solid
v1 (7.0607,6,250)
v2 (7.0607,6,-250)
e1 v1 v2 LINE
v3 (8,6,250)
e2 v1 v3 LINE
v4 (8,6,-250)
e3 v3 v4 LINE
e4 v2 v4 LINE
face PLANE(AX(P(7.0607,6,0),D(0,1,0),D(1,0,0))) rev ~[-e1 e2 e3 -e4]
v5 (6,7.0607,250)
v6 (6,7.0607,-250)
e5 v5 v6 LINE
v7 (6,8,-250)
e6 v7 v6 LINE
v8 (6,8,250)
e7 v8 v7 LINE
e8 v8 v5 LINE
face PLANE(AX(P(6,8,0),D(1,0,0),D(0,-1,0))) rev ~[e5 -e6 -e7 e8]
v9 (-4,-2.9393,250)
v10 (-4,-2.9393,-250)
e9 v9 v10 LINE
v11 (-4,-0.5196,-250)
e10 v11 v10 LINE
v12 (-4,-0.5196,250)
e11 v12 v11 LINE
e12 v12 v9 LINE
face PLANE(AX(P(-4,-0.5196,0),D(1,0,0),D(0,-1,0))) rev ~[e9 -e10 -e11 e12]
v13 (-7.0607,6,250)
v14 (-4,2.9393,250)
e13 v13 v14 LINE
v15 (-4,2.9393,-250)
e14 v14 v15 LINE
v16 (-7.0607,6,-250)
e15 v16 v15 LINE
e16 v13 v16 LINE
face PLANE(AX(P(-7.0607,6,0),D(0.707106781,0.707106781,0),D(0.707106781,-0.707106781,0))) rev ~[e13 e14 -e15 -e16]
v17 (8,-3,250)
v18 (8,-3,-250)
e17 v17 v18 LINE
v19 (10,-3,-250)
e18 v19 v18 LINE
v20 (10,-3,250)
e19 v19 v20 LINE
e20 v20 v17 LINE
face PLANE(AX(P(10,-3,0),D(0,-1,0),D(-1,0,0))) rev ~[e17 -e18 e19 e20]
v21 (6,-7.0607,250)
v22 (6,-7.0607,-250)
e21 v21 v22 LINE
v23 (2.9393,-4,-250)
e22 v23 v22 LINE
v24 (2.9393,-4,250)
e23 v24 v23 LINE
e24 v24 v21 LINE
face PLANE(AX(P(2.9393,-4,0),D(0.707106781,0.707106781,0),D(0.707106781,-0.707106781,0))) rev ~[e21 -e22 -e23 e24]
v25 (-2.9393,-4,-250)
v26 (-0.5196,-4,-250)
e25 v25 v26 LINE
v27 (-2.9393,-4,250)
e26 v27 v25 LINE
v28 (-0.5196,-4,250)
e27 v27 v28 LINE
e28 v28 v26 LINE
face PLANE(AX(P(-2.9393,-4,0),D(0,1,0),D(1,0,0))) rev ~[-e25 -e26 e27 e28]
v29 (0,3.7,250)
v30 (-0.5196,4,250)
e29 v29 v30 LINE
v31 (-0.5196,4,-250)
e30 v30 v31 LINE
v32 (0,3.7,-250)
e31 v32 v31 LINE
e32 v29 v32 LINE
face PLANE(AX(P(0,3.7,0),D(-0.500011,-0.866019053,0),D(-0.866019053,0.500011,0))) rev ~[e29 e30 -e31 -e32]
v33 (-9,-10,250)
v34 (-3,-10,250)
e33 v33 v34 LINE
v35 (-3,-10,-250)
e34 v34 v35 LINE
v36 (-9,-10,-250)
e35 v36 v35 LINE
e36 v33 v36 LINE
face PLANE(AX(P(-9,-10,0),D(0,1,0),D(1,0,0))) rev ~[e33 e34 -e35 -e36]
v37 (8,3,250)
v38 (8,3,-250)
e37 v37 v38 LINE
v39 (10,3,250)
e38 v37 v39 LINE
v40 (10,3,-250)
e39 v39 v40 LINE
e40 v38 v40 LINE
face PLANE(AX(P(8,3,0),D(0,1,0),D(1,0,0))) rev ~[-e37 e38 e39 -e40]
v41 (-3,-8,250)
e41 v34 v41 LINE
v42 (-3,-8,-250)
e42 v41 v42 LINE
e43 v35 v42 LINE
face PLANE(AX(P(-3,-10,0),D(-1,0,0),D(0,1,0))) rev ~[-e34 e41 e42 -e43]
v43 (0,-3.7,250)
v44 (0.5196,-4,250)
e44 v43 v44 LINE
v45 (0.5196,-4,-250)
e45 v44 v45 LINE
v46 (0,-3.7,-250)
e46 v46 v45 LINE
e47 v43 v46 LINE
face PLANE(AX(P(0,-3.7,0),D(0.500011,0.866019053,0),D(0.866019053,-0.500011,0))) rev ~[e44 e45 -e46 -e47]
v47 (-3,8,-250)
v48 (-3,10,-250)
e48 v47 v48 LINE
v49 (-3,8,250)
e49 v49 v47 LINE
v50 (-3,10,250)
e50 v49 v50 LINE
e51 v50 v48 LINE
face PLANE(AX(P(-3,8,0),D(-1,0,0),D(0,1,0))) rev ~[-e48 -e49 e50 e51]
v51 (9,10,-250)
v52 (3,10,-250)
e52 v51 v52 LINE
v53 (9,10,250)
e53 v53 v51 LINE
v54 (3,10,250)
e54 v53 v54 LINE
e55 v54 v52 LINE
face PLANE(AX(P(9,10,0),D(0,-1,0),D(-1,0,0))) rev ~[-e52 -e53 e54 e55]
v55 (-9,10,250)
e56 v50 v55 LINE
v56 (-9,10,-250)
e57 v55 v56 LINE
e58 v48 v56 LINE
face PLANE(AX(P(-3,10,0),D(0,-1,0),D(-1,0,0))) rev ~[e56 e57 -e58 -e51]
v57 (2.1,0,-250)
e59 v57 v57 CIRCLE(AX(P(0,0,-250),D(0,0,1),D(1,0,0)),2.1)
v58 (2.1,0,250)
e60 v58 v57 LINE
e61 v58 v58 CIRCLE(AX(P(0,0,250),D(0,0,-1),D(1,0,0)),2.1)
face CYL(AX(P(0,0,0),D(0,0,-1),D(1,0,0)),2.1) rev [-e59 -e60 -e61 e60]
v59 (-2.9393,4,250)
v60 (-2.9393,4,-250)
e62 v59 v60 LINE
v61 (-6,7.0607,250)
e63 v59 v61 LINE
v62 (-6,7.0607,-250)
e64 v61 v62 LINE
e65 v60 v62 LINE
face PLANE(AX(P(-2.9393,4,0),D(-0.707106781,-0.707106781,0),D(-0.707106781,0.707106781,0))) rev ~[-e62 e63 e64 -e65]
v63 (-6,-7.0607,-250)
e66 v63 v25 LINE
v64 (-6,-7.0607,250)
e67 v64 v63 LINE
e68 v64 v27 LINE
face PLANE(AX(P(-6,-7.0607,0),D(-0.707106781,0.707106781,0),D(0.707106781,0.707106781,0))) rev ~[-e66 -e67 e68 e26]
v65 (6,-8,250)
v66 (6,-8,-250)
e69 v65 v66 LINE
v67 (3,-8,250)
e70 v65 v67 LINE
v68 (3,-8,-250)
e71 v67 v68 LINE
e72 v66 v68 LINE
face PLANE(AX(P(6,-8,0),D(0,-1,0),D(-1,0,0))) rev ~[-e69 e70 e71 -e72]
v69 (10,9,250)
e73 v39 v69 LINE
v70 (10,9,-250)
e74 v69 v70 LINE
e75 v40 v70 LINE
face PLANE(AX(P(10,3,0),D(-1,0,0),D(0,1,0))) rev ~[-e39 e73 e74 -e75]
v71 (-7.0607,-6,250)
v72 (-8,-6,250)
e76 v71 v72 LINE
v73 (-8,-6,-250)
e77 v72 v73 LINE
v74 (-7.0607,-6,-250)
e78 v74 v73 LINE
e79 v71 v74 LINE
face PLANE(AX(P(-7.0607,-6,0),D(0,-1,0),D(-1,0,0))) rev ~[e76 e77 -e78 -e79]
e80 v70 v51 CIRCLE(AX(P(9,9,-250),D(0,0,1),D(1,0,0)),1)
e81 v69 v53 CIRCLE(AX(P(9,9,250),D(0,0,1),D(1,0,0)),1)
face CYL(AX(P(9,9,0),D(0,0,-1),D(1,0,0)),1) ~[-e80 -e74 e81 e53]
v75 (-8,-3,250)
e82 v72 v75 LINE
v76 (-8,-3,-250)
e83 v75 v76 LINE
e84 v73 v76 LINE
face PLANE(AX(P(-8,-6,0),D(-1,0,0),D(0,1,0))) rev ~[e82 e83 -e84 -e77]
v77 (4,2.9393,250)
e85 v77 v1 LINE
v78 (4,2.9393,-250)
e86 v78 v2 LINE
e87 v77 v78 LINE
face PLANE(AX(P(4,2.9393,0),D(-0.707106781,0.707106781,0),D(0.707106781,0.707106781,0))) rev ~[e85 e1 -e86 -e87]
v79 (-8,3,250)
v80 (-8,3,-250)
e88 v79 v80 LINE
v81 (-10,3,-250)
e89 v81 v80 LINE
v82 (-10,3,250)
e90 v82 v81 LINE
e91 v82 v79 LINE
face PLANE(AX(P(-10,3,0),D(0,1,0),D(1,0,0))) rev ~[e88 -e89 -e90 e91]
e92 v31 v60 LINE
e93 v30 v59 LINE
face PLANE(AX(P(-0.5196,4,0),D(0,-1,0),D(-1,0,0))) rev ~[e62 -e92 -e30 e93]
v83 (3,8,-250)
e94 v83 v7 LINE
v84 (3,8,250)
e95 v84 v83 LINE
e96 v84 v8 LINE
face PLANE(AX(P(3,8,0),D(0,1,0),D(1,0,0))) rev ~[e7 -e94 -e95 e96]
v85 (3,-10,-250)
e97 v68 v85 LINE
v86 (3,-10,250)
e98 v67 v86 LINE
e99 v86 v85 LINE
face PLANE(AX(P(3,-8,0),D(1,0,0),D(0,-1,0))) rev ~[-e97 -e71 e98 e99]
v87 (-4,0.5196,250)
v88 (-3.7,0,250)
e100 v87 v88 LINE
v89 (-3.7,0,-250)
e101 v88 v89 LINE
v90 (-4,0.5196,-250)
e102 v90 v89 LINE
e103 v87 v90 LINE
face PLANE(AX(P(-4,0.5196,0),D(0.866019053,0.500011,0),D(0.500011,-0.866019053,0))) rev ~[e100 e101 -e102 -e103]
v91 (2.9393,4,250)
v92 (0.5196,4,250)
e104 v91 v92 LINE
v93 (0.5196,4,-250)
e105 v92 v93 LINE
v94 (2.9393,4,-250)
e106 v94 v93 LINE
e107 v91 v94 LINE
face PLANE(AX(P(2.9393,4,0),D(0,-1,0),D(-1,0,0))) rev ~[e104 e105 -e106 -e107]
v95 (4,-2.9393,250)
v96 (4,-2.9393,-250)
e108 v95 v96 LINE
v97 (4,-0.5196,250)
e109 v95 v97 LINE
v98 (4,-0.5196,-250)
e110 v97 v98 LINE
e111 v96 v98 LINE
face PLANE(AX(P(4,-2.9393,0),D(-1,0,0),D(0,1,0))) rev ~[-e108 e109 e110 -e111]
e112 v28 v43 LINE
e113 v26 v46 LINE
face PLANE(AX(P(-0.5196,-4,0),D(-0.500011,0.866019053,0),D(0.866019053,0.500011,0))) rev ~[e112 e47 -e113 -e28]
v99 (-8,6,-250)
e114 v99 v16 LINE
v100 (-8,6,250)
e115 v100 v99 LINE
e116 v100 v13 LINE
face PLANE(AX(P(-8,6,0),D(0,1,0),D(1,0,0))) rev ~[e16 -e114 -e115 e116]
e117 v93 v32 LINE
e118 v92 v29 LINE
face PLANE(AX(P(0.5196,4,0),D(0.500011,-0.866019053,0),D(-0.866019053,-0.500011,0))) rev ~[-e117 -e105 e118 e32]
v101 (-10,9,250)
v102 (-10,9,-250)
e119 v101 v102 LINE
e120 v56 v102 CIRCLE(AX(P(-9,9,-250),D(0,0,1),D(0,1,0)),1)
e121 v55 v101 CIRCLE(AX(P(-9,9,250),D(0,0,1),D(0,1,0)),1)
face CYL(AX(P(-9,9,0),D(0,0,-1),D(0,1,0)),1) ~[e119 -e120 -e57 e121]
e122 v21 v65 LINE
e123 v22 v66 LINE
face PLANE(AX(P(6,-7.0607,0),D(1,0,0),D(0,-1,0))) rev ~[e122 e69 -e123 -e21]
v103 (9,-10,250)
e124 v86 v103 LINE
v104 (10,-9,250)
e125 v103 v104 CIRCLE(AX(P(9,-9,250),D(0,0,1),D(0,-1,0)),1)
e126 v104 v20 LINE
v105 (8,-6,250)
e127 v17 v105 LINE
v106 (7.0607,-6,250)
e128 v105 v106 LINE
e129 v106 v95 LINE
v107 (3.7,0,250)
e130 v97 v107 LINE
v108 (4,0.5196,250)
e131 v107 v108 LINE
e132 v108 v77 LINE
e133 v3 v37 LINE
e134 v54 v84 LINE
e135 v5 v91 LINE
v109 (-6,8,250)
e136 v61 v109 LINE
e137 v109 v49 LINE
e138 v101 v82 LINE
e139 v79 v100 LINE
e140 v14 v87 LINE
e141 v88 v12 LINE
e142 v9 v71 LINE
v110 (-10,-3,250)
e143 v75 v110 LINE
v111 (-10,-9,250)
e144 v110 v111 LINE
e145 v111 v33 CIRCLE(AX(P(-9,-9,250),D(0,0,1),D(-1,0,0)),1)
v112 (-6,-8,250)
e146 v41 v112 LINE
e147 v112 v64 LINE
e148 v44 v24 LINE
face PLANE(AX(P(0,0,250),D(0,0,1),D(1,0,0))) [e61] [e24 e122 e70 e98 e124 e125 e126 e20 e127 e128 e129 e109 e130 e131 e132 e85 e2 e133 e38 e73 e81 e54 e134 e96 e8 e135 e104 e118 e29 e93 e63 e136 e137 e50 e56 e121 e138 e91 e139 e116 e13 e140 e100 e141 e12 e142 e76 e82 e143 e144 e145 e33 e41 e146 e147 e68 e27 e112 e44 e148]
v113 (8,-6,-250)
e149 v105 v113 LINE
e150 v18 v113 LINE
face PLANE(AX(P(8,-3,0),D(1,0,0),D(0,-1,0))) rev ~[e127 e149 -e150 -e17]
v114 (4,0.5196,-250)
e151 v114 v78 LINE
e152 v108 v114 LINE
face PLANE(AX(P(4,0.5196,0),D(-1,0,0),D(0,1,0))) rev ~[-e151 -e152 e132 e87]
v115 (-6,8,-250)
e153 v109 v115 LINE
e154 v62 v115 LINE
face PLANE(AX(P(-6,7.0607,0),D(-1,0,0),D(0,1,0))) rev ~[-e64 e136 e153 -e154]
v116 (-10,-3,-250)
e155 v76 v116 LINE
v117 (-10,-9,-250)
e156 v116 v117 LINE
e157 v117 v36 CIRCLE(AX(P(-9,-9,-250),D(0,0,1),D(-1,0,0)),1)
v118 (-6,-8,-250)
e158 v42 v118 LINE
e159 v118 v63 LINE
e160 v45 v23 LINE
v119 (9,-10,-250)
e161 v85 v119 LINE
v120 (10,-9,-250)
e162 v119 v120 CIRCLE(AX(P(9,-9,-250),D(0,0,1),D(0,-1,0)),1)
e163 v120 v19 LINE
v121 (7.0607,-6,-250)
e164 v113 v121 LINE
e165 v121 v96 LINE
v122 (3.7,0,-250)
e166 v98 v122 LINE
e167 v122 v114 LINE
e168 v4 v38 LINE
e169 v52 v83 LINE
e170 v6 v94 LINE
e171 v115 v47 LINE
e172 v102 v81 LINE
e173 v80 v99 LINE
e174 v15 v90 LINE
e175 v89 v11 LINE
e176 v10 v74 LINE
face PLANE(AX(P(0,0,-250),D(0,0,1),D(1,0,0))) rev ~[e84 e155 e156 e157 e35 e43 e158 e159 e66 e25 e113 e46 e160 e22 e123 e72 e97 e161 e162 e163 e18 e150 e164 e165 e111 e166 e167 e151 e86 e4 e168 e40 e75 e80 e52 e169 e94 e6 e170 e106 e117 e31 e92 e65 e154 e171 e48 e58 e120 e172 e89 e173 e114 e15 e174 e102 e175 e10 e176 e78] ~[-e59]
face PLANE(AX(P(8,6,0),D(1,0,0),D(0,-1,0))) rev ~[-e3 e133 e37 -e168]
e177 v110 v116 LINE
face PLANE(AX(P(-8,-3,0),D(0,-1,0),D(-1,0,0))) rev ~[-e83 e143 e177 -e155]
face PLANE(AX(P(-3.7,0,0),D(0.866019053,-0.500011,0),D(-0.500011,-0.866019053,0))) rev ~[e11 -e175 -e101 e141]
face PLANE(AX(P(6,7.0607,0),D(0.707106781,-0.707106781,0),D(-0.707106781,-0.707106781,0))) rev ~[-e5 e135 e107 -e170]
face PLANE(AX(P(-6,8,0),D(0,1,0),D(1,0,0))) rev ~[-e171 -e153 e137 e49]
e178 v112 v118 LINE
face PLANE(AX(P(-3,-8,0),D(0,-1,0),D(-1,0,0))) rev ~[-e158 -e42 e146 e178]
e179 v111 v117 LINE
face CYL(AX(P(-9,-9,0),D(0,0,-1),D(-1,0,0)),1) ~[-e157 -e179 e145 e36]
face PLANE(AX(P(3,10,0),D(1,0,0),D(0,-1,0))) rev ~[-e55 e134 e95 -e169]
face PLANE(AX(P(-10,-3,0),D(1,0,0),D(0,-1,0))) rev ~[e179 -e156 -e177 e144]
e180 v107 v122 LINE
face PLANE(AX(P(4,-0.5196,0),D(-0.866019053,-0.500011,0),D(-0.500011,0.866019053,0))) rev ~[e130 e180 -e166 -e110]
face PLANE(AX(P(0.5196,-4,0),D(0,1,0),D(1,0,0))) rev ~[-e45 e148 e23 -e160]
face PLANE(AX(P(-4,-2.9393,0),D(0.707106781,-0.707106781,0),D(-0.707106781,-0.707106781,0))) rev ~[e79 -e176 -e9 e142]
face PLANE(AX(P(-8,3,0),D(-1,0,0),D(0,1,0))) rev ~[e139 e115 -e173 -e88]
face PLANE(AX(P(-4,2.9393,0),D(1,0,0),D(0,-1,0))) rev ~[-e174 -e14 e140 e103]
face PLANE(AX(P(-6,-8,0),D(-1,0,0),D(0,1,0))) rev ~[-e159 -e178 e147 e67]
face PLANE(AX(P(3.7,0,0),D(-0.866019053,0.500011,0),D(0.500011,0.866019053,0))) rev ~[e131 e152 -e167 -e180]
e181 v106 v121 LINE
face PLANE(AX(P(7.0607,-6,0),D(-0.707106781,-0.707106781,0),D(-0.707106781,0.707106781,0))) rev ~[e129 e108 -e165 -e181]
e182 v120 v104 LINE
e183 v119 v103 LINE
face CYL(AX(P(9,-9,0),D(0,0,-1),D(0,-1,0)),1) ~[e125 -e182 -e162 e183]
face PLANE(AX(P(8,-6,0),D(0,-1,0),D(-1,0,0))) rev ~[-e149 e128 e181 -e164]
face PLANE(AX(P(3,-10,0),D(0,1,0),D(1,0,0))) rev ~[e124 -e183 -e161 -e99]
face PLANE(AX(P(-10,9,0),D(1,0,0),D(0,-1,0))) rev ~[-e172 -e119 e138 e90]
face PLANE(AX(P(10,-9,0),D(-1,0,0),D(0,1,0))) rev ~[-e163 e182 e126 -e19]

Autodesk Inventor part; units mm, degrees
ref_plane "YZ Plane" through (0, 0, 0) normal (1, 0, 0) x (0, 1, 0)
ref_plane "XZ Plane" through (0, 0, 0) normal (0, 1, 0) x (-1, 0, 0)
ref_plane "XY Plane" through (0, 0, 0) normal (0, 0, 1) x (1, 0, 0)
sketch "Sketch1" plane through (0, 0, 0) normal (0, 0, 1) x (1, 0, 0)
  line L0 (-2.205, 0) -> (2.205, 0)
  line L1 (0, -2.205) -> (0, 2.205)
  arc A0 (9, -10) -> (10, -9) centre (9, -9) ccw
  line L2 (-10, 9) -> (-10, 3)
  line L3 (-10, 3) -> (-8, 3)
  line L4 (-8, 3) -> (-8, 6)
  line L5 (-8, 6) -> (-7.0607, 6)
  line L6 (-7.0607, 6) -> (-4, 2.9393)
  line L7 (-4, 2.9393) -> (-4, 0.5196)
  line L8 (-4, 0.5196) -> (-3.7, 0)
  line L9 (-3.7, 0) -> (-4, -0.5196)
  line L10 (-4, -0.5196) -> (-4, -2.9393)
  line L11 (-4, -2.9393) -> (-7.0607, -6)
  line L12 (-7.0607, -6) -> (-8, -6)
  line L13 (-8, -6) -> (-8, -3)
  line L14 (-8, -3) -> (-10, -3)
  line L15 (-10, -3) -> (-10, -9)
  arc A1 (-10, -9) -> (-9, -10) centre (-9, -9) ccw
  line L16 (-9, -10) -> (-3, -10)
  line L17 (-3, -10) -> (-3, -8)
  line L18 (-3, -8) -> (-6, -8)
  line L19 (-6, -7.0607) -> (-2.9393, -4)
  line L20 (-2.9393, -4) -> (-0.5196, -4)
  line L21 (-0.5196, -4) -> (0, -3.7)
  line L22 (0, -3.7) -> (0.5196, -4)
  line L23 (0.5196, -4) -> (2.9393, -4)
  line L24 (2.9393, -4) -> (6, -7.0607)
  line L25 (6, -7.0607) -> (6, -8)
  line L26 (6, -8) -> (3, -8)
  line L27 (3, -8) -> (3, -10)
  line L28 (3, -10) -> (9, -10)
  line L29 (10, -9) -> (10, -3)
  line L30 (10, -3) -> (8, -3)
  line L31 (8, -3) -> (8, -6)
  line L32 (8, -6) -> (7.0607, -6)
  line L33 (7.0607, -6) -> (4, -2.9393)
  line L34 (4, -2.9393) -> (4, -0.5196)
  line L35 (4, -0.5196) -> (3.7, 0)
  line L36 (3.7, 0) -> (4, 0.5196)
  line L37 (4, 0.5196) -> (4, 2.9393)
  line L38 (4, 2.9393) -> (7.0607, 6)
  line L39 (7.0607, 6) -> (8, 6)
  line L40 (8, 6) -> (8, 3)
  line L41 (8, 3) -> (10, 3)
  line L42 (10, 3) -> (10, 9)
  arc A2 (10, 9) -> (9, 10) centre (9, 9) ccw
  line L43 (9, 10) -> (3, 10)
  line L44 (3, 10) -> (3, 8)
  line L45 (3, 8) -> (6, 8)
  line L46 (6, 8) -> (6, 7.0607)
  line L47 (6, 7.0607) -> (2.9393, 4)
  line L48 (2.9393, 4) -> (0.5196, 4)
  line L49 (0.5196, 4) -> (0, 3.7)
  line L50 (0, 3.7) -> (-0.5196, 4)
  line L51 (-0.5196, 4) -> (-2.9393, 4)
  line L52 (-2.9393, 4) -> (-6, 7.0607)
  line L53 (-6, 7.0607) -> (-6, 8)
  line L54 (-6, 8) -> (-3, 8)
  line L55 (-3, 8) -> (-3, 10)
  line L56 (-3, 10) -> (-9, 10)
  arc A3 (-9, 10) -> (-10, 9) centre (-9, 9) ccw
  circle A4 centre (0, 0) radius 2.1
  line L57 (-6, -8) -> (-6, -7.0607)
extrude "Extrusion1" add sketch "Sketch1" along normal mid plane 500
properties part number "HFS5-2020-450" material "Aluminum 6061"
